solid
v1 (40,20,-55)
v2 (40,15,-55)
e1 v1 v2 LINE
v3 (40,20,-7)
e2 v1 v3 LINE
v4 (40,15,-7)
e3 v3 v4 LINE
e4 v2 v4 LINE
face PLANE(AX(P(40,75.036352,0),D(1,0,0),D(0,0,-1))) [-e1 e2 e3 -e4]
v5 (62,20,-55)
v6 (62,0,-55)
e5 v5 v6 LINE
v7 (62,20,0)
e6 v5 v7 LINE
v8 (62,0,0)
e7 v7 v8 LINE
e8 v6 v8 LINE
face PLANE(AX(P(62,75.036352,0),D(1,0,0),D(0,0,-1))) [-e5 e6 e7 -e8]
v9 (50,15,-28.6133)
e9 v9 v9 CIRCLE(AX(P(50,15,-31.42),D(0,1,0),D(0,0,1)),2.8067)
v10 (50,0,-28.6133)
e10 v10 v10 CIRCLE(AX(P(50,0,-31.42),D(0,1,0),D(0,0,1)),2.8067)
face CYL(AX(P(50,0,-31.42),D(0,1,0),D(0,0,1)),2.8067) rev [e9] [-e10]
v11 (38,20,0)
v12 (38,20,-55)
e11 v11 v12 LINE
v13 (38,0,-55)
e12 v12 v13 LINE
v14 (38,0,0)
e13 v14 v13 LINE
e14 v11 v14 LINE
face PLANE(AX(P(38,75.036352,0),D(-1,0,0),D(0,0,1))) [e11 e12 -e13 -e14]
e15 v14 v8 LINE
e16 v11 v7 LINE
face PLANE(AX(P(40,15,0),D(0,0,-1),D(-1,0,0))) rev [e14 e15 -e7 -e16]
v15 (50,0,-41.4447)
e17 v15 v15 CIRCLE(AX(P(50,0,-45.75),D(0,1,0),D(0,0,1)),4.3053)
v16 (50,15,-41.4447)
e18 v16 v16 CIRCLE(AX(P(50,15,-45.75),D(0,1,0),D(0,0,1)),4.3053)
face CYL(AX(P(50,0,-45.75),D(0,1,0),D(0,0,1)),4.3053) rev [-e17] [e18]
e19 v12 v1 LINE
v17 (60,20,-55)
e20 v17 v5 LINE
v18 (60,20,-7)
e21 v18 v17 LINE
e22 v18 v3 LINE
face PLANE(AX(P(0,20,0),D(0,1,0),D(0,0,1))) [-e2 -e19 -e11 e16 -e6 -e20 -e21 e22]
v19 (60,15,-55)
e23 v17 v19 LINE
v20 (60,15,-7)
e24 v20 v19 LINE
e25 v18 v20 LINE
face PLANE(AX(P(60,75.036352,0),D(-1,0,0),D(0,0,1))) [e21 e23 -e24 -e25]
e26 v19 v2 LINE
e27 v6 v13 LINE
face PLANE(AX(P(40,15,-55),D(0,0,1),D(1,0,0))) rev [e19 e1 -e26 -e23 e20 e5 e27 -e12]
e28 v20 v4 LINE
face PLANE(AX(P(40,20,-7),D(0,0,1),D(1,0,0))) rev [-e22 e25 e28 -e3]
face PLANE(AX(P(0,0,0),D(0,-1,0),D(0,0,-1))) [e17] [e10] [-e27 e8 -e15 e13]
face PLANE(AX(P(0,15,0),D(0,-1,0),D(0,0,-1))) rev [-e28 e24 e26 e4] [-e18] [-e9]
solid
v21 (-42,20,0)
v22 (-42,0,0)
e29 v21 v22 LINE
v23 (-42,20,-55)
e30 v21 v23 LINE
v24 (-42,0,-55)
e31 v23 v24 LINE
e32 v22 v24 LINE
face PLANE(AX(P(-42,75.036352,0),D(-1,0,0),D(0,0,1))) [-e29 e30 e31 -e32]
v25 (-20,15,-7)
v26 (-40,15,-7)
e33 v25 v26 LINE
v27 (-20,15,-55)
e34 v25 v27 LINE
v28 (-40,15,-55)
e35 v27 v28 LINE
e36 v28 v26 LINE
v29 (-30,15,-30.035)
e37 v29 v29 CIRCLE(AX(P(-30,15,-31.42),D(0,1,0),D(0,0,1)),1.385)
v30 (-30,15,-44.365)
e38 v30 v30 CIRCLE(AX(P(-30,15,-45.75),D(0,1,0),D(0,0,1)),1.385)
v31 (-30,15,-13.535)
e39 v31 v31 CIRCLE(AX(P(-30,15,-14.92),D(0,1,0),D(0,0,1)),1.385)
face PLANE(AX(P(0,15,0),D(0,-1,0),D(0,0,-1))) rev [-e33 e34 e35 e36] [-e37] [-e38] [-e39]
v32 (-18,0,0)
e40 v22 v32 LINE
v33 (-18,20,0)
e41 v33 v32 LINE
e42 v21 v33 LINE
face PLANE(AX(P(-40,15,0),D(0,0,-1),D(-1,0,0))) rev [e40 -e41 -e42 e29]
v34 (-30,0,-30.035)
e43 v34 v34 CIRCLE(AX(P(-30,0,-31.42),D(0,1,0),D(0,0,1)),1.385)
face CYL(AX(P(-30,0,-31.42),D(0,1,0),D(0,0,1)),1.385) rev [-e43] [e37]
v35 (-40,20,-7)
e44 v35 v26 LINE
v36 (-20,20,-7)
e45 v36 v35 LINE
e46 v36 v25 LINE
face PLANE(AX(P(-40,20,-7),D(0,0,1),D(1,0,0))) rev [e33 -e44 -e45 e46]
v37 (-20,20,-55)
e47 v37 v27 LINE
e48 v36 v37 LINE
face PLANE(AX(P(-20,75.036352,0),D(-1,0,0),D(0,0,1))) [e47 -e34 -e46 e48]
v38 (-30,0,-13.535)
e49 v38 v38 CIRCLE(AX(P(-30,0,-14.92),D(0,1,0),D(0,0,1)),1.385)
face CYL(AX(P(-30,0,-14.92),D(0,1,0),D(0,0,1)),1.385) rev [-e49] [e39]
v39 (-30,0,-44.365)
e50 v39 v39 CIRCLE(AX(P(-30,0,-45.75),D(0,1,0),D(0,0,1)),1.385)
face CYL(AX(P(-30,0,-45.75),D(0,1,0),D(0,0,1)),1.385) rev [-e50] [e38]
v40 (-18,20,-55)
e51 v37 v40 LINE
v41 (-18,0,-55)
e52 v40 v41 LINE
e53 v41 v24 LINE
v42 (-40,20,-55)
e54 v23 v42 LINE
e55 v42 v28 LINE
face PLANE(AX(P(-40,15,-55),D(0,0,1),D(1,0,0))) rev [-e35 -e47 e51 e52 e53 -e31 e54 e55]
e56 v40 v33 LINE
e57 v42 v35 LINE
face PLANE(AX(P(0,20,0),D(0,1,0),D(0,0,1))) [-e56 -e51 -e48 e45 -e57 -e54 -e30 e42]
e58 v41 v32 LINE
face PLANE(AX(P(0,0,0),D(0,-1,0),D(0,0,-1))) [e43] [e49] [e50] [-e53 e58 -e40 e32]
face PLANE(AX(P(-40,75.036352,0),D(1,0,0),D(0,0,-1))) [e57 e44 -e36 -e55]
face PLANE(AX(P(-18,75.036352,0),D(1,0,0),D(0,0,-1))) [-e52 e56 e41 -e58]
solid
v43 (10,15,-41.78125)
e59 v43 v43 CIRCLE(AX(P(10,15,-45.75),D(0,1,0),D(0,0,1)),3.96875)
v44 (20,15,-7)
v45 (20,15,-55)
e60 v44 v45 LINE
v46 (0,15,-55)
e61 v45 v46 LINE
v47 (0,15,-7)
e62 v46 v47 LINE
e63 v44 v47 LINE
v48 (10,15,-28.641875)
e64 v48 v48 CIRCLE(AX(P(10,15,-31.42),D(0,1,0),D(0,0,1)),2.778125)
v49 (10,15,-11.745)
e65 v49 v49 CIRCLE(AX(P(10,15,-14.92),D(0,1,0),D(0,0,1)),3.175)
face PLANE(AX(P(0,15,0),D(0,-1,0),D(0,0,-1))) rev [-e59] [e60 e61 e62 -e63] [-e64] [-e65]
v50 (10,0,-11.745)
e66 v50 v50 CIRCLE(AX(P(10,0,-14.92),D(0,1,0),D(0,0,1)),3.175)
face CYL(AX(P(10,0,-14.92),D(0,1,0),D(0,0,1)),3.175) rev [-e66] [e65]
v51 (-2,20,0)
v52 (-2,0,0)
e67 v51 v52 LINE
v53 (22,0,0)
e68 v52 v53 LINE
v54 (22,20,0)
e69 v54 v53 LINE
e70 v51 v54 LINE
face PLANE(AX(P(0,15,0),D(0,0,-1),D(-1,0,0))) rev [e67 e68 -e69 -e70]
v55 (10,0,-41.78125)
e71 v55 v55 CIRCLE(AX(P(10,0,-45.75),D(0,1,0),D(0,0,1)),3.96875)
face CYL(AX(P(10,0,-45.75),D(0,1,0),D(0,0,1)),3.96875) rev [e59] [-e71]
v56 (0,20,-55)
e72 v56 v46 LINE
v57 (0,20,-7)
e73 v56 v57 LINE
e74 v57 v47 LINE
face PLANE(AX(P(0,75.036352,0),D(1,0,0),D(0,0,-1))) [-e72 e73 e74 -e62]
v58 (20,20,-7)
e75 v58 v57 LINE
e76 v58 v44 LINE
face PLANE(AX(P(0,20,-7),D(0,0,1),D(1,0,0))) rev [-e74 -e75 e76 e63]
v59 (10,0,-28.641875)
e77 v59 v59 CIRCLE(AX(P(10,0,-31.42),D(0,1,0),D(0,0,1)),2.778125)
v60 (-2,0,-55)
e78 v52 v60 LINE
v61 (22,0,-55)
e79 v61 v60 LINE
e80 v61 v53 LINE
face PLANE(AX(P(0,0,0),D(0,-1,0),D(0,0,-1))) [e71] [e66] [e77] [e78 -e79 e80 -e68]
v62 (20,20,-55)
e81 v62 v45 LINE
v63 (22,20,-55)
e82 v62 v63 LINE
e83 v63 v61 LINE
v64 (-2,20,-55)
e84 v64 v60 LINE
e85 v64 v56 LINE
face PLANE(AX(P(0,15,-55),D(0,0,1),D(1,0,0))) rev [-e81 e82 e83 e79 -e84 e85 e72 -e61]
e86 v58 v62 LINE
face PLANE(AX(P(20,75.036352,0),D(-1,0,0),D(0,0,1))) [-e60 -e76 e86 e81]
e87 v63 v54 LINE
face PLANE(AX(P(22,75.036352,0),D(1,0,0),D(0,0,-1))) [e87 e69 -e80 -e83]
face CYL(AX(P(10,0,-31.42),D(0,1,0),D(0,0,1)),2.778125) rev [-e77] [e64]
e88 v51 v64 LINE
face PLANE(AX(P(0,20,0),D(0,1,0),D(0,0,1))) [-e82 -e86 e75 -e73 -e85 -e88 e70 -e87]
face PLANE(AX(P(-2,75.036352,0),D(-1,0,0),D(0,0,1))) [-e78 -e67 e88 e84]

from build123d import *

# Parameters (mm, degrees)
SKETCH1_W             = 20
SKETCH1_H             = 55
BOSS_EXTRUDE1_DEPTH   = 15
BOSS_EXTRUDE1_2_DEPTH = 15
BOSS_EXTRUDE1_3_DEPTH = 15
SKETCH2_R             = 1.385
SKETCH2_R_2           = 4.3053
SKETCH2_R_3           = 2.8067
SKETCH2_R_4           = 3.175
SKETCH2_R_5           = 2.778125
SKETCH2_R_6           = 3.96875
CUT_EXTRUDE1_DEPTH    = 83.764726786
SKETCH3_W             = 20
SKETCH3_H             = 7
BOSS_EXTRUDE2_DEPTH   = 5
SKETCH4_W             = 2
SKETCH4_H             = 55
BOSS_EXTRUDE3_DEPTH   = 20


with BuildPart() as part:
    # Sketch1 → Boss-Extrude1 (new body)
    with BuildSketch(Plane(origin=(0, 0, 0), x_dir=(1, 0, 0), z_dir=(0, 1, 0))):
        with Locations((10, 27.5)):
            Rectangle(SKETCH1_W, SKETCH1_H)
    extrude(amount=BOSS_EXTRUDE1_DEPTH)


with BuildPart() as body_2:
    # Sketch1 → Boss-Extrude1 2 (new body)
    with BuildSketch(Plane(origin=(0, 0, 0), x_dir=(1, 0, 0), z_dir=(0, 1, 0))):
        with Locations((50, 27.5)):
            Rectangle(SKETCH1_W, SKETCH1_H)
    extrude(amount=BOSS_EXTRUDE1_2_DEPTH)


with BuildPart() as body_3:
    # Sketch1 → Boss-Extrude1 3 (new body)
    with BuildSketch(Plane(origin=(0, 0, 0), x_dir=(1, 0, 0), z_dir=(0, 1, 0))):
        with Locations((-30, 27.5)):
            Rectangle(SKETCH1_W, SKETCH1_H)
    extrude(amount=BOSS_EXTRUDE1_3_DEPTH)


with BuildPart() as cut_extrude1_tool:
    # Sketch2 → Cut-Extrude1 (new, through all)
    with BuildSketch(Plane(origin=(0, 15, 0), x_dir=(1, 0, 0), z_dir=(0, 1, 0))):
        with Locations(Location((-30, 45.75, 0), (0, 0, 270))):
            Circle(SKETCH2_R)
        with Locations(Location((-30, 31.42, 0), (0, 0, 270))):
            Circle(SKETCH2_R)
        with Locations(Location((-30, 14.92, 0), (0, 0, 270))):
            Circle(SKETCH2_R)
        with Locations(Location((50, 45.75, 0), (0, 0, 270))):
            Circle(SKETCH2_R_2)
        with Locations(Location((50, 31.42, 0), (0, 0, 270))):
            Circle(SKETCH2_R_3)
        with Locations(Location((10, 14.92, 0), (0, 0, 270))):
            Circle(SKETCH2_R_4)
        with Locations(Location((10, 31.42, 0), (0, 0, 270))):
            Circle(SKETCH2_R_5)
        with Locations(Location((10, 45.75, 0), (0, 0, 270))):
            Circle(SKETCH2_R_6)
    extrude(amount=-CUT_EXTRUDE1_DEPTH)


with BuildPart() as part_1:
    add(part.part)

    # Cut-Extrude1: cut by cut_extrude1_tool
    add(cut_extrude1_tool.part, mode=Mode.SUBTRACT)



with BuildPart() as body_2_1:
    add(body_2.part)

    # Cut-Extrude1: cut by cut_extrude1_tool
    add(cut_extrude1_tool.part, mode=Mode.SUBTRACT)


with BuildPart() as body_3_1:
    add(body_3.part)

    # Cut-Extrude1: cut by cut_extrude1_tool
    add(cut_extrude1_tool.part, mode=Mode.SUBTRACT)


with BuildPart() as part_2:
    add(part_1.part)

    add(body_2_1.part)  # Boss-Extrude2 merges body 2

    add(body_3_1.part)  # Boss-Extrude2 merges body 3
    # Sketch3 → Boss-Extrude2 (add)
    with BuildSketch(Plane(origin=(0, 15, 0), x_dir=(1, 0, 0), z_dir=(0, 1, 0))):
        with Locations((-30, 3.5)):
            Rectangle(SKETCH3_W, SKETCH3_H)
        with Locations((10, 3.5)):
            Rectangle(SKETCH3_W, SKETCH3_H)
        with Locations((50, 3.5)):
            Rectangle(SKETCH3_W, SKETCH3_H)
    extrude(amount=BOSS_EXTRUDE2_DEPTH)

    # Sketch4 → Boss-Extrude3 (add)
    with BuildSketch(Plane.XZ):
        with Locations((-41, -27.5)):
            Rectangle(SKETCH4_W, SKETCH4_H)
        with Locations((-19, -27.5)):
            Rectangle(SKETCH4_W, SKETCH4_H)
        with Locations((-1, -27.5)):
            Rectangle(SKETCH4_W, SKETCH4_H)
        with Locations((21, -27.5)):
            Rectangle(SKETCH4_W, SKETCH4_H)
        with Locations((39, -27.5)):
            Rectangle(SKETCH4_W, SKETCH4_H)
        with Locations((61, -27.5)):
            Rectangle(SKETCH4_W, SKETCH4_H)
    extrude(amount=-BOSS_EXTRUDE3_DEPTH)


solid = part_2.part
